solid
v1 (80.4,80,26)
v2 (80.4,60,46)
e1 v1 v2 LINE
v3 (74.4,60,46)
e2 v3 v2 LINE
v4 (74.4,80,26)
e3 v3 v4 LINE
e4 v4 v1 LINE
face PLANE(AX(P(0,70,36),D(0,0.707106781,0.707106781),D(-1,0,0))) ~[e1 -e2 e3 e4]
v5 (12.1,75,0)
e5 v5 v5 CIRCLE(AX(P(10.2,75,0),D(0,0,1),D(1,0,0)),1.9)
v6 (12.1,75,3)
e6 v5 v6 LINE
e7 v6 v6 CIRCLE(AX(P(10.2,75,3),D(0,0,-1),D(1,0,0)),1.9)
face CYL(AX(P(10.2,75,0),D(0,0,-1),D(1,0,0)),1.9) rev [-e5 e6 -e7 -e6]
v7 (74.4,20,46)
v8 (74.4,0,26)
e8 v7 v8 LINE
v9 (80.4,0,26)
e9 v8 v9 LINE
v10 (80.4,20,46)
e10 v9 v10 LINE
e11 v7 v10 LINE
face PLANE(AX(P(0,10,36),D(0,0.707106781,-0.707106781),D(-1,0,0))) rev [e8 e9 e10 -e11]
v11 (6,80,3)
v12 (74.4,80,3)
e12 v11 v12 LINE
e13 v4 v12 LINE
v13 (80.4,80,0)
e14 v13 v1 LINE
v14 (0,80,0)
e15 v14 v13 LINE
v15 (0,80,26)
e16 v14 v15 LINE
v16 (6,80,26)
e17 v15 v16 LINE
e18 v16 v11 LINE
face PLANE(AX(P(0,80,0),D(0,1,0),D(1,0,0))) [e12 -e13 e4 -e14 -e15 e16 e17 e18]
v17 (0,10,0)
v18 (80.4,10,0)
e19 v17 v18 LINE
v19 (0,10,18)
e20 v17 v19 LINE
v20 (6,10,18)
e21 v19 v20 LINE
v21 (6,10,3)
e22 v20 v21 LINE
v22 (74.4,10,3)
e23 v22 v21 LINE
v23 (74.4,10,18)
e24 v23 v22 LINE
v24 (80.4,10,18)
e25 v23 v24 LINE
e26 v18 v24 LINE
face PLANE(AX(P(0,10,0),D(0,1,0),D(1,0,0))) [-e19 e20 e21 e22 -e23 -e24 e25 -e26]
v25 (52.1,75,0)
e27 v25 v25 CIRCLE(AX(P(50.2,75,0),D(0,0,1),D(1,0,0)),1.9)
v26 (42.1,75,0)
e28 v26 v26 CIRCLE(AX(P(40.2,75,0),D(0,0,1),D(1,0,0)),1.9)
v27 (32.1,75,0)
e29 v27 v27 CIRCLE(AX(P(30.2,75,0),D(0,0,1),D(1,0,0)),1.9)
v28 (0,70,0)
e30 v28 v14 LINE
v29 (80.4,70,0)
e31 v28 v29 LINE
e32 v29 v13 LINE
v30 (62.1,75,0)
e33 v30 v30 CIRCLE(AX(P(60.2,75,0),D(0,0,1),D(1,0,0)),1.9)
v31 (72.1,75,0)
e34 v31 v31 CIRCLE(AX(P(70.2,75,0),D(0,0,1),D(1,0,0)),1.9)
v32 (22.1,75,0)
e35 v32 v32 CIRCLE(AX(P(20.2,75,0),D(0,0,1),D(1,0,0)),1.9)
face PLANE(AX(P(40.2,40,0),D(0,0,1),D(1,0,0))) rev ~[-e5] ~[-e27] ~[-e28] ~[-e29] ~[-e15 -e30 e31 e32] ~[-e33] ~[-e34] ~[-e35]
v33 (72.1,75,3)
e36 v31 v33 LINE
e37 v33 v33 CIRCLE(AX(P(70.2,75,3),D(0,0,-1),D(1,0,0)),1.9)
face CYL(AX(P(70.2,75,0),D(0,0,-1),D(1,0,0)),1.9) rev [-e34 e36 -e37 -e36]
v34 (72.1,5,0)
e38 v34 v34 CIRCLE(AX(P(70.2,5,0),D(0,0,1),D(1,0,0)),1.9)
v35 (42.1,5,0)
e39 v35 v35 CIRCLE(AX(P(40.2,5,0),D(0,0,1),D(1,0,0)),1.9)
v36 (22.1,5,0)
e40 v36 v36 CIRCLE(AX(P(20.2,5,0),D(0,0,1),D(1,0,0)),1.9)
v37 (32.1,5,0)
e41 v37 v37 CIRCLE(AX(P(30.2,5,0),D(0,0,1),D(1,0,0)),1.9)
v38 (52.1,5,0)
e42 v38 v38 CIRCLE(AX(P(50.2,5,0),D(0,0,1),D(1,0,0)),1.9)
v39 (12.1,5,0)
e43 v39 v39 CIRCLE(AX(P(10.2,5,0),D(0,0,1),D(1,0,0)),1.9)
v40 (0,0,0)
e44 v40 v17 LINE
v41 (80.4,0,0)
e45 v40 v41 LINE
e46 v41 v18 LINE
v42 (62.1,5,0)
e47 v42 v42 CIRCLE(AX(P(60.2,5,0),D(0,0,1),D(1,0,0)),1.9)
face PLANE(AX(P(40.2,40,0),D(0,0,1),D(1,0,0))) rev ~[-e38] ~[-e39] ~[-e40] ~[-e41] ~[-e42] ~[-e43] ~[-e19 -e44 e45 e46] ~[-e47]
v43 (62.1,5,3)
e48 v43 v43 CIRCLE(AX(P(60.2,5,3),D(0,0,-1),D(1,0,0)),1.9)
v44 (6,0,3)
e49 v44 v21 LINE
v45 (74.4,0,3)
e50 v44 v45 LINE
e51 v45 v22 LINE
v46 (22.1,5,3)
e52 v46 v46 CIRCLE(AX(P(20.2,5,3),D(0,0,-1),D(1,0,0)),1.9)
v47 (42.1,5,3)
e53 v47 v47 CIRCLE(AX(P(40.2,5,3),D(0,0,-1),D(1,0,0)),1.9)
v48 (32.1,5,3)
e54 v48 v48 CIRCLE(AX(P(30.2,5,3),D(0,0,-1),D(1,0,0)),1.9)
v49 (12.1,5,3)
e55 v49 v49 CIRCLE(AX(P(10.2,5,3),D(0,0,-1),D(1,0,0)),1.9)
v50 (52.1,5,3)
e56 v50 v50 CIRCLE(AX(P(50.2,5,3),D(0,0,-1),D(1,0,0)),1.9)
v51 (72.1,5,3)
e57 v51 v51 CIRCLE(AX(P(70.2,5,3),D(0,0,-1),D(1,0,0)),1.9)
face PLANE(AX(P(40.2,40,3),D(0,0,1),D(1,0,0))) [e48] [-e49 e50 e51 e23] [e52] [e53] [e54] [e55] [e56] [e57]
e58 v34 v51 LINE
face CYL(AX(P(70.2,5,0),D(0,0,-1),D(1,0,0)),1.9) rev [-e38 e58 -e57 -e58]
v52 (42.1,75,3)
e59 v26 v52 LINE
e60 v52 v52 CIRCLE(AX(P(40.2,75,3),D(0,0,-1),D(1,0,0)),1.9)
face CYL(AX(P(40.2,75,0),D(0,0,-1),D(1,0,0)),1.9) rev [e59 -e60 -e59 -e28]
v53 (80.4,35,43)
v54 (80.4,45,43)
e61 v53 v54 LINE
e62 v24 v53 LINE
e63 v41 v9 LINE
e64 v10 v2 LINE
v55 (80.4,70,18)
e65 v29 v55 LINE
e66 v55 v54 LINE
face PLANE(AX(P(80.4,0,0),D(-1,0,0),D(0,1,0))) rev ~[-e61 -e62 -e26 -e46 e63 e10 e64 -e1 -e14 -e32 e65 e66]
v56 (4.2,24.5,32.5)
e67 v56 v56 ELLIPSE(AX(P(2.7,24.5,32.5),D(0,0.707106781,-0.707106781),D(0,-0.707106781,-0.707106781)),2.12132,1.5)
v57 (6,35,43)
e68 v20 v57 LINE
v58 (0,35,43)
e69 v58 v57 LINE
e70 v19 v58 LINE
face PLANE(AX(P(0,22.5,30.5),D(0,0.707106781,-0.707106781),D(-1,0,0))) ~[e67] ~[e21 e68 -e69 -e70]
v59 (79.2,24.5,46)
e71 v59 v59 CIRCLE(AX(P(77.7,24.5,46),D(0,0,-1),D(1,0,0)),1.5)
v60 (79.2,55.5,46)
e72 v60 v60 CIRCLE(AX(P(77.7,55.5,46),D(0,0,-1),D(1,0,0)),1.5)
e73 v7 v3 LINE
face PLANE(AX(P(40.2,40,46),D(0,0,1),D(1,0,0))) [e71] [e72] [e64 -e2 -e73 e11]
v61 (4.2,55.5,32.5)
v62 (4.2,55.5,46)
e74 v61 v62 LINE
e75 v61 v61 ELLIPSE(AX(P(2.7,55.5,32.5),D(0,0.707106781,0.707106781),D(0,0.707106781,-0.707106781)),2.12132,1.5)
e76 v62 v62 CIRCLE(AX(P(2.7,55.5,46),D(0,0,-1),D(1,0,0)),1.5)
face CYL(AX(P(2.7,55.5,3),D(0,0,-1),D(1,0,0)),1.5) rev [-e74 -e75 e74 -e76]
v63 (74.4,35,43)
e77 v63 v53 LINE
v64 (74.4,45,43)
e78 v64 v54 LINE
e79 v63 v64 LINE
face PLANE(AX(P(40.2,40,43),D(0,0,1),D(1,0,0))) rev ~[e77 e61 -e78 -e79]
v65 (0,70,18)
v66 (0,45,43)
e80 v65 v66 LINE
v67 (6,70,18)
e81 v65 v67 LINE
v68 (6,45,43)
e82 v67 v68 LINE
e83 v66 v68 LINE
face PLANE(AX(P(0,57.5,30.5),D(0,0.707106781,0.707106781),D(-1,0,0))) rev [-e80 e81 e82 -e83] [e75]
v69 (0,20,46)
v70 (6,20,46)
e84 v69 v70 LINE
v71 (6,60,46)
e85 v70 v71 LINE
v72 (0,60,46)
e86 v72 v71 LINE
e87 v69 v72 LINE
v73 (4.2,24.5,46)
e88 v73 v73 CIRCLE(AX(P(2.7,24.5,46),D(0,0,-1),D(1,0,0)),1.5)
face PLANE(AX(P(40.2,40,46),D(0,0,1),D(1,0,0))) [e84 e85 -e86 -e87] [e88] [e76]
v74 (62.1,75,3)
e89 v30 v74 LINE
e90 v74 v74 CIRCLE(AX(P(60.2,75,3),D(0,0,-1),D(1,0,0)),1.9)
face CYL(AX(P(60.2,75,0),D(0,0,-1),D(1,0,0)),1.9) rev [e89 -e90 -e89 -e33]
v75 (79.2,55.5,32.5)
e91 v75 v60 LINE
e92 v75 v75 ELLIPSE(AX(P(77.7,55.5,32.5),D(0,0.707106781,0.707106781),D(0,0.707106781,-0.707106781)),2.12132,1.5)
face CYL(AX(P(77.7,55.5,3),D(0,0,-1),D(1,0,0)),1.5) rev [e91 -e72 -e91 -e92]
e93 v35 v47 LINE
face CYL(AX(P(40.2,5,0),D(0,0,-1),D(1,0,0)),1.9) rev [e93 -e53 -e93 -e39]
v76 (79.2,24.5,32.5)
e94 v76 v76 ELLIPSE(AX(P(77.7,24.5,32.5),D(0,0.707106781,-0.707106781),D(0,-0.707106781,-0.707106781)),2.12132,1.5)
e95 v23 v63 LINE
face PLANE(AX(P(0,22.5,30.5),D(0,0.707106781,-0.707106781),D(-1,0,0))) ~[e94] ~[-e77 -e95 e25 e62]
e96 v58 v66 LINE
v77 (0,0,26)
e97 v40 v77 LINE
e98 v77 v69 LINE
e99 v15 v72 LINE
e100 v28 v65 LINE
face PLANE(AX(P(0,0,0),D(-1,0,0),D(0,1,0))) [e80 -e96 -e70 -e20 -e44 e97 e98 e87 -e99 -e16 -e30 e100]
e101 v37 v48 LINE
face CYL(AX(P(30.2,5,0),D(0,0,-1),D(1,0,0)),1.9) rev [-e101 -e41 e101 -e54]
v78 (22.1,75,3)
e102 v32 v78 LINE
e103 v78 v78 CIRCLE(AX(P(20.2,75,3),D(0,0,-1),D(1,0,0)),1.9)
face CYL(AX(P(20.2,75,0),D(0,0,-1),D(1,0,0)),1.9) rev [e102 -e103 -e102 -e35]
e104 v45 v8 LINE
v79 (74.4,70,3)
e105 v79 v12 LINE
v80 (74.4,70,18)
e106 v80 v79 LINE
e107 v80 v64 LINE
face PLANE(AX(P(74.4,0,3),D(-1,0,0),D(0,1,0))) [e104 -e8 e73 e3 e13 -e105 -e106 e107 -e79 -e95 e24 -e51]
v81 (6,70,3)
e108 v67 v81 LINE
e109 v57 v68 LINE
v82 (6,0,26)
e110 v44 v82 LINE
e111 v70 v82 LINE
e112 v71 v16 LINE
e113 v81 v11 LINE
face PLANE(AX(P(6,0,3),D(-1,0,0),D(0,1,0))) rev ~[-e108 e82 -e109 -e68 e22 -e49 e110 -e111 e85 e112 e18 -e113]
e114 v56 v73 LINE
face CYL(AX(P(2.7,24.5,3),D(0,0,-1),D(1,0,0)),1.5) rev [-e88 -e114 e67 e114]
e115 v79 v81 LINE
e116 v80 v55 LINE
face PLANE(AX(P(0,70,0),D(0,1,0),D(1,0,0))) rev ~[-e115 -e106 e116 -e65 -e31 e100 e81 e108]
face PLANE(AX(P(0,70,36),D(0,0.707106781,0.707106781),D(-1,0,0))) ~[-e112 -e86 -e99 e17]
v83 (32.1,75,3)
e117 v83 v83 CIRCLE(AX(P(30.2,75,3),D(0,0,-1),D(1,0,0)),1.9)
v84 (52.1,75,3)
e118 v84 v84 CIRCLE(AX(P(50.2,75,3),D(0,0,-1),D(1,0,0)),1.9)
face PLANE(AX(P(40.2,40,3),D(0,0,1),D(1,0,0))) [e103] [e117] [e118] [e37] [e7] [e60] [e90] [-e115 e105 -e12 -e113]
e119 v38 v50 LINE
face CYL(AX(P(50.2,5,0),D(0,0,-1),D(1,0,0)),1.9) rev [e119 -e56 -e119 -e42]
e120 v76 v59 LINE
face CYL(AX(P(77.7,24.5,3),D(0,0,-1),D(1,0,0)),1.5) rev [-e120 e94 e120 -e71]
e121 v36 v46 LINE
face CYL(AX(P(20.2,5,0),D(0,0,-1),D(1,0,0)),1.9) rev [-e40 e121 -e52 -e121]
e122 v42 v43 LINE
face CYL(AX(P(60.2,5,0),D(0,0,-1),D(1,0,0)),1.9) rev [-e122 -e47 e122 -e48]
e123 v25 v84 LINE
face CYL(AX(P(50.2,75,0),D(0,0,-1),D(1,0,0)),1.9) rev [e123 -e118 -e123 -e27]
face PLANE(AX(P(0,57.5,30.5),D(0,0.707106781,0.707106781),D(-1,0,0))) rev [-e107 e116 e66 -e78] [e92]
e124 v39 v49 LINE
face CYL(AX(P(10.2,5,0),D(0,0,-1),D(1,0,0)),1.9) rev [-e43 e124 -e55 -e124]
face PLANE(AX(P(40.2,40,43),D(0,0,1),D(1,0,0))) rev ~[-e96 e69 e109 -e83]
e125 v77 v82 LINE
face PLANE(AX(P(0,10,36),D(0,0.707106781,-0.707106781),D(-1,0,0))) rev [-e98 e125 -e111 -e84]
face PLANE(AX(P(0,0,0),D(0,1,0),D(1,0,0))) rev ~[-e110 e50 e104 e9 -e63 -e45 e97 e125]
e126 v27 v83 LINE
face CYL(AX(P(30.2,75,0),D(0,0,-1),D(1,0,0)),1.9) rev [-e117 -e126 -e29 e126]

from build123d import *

# Parameters (mm, degrees)
BOX012_W          = 68.4
BOX012_H          = 80
BOX012_DEPTH      = 43
CYLINDER003_R     = 1.5
CYLINDER003_DEPTH = 50
ARRAY005_X_COUNT  = 2
ARRAY005_X_PITCH  = 75
ARRAY005_Y_COUNT  = 2
ARRAY005_Y_PITCH  = 31
CYLINDER004_R     = 1.9
CYLINDER004_DEPTH = 10
ARRAY_X_COUNT     = 7
ARRAY_X_PITCH     = 10
ARRAY_Y_COUNT     = 8
ARRAY_Y_PITCH     = 10
BOX010_W          = 80.4
BOX010_H          = 60
BOX010_DEPTH      = 43
CHAMFER001_SIZE   = 25
BOX011_W          = 68.4
BOX011_H          = 80
BOX011_DEPTH      = 40
BOX009_W          = 80.4
BOX009_H          = 80
BOX009_DEPTH      = 46
CHAMFER002_SIZE   = 20


with BuildPart() as v_cube_extract001:
    # Box012 → Box012 (new body)
    with BuildSketch(Plane(origin=(6, 0, 3), x_dir=(1, 0, 0), z_dir=(0, 0, 1))):
        with Locations((34.2, 40)):
            Rectangle(BOX012_W, BOX012_H)
    extrude(amount=BOX012_DEPTH)


with BuildPart() as screw_hole_array:
    # Cylinder003 → Cylinder003 (new body)
    with BuildSketch(Plane.XY.offset(-40)):
        Circle(CYLINDER003_R)
    extrude(amount=CYLINDER003_DEPTH)

    # Array005 X: screw hole array ×2


with BuildPart() as screw_hole_array_1:
    add(screw_hole_array.part)
    with Locations(*[(i * ARRAY005_X_PITCH, 0, 0) for i in range(1, ARRAY005_X_COUNT)]):
        add(screw_hole_array.part)

    # Array005 Y: screw hole array ×2


with BuildPart() as screw_hole_array_2:
    add(screw_hole_array_1.part)
    with Locations(*[(0, i * ARRAY005_Y_PITCH, 0) for i in range(1, ARRAY005_Y_COUNT)]):
        add(screw_hole_array_1.part)


with BuildPart() as screw_hole_array_3:
    # Array005 placement: moved
    add(screw_hole_array_2.part.moved(Location((2.7, 24.5, 43))))


with BuildPart() as attachment_hole_array:
    # Cylinder004 → Cylinder004 (new body)
    with BuildSketch(Plane.XY):
        Circle(CYLINDER004_R)
    extrude(amount=CYLINDER004_DEPTH)

    # Array X: attachment hole array ×7


with BuildPart() as attachment_hole_array_1:
    add(attachment_hole_array.part)
    with Locations(*[(i * ARRAY_X_PITCH, 0, 0) for i in range(1, ARRAY_X_COUNT)]):
        add(attachment_hole_array.part)

    # Array Y: attachment hole array ×8


with BuildPart() as attachment_hole_array_2:
    add(attachment_hole_array_1.part)
    with Locations(*[(0, i * ARRAY_Y_PITCH, 0) for i in range(1, ARRAY_Y_COUNT)]):
        add(attachment_hole_array_1.part)


with BuildPart() as attachment_hole_array_3:
    # Array placement: moved
    add(attachment_hole_array_2.part.moved(Location((10.2, 5, 0))))


with BuildPart() as v_cube_extract_chamfer:
    # Box010 → Box010 (new body)
    with BuildSketch(Plane(origin=(0, 10, 0), x_dir=(1, 0, 0), z_dir=(0, 0, 1))):
        with Locations((40.2, 30)):
            Rectangle(BOX010_W, BOX010_H)
    extrude(amount=BOX010_DEPTH)

    # Chamfer001
    chamfer001_edges = [v_cube_extract_chamfer.edges().sort_by_distance(p)[0] for p in [
        (40.2, 10, 43),
        (40.2, 70, 43),
    ]]
    chamfer(chamfer001_edges, length=CHAMFER001_SIZE)


with BuildPart() as v_extract_union:
    # Box011 → Box011 (new body)
    with BuildSketch(Plane(origin=(6, 0, 3), x_dir=(1, 0, 0), z_dir=(0, 0, 1))):
        with Locations((34.2, 40)):
            Rectangle(BOX011_W, BOX011_H)
    extrude(amount=BOX011_DEPTH)

    # Fusion005: union v cube extract001, screw hole array, attachment hole array, v cube extract chamfer
    add(v_cube_extract001.part)
    add(screw_hole_array_3.part)
    add(attachment_hole_array_3.part)
    add(v_cube_extract_chamfer.part)


with BuildPart() as v_cut:
    # Box009 → Box009 (new body)
    with BuildSketch(Plane.XY):
        with Locations((40.2, 40)):
            Rectangle(BOX009_W, BOX009_H)
    extrude(amount=BOX009_DEPTH)

    # Chamfer002
    chamfer002_edges = [v_cut.edges().sort_by_distance(p)[0] for p in [
        (40.2, 0, 46),
        (40.2, 80, 46),
    ]]
    chamfer(chamfer002_edges, length=CHAMFER002_SIZE)

    # Cut003002: cut v extract union
    add(v_extract_union.part, mode=Mode.SUBTRACT)


solid = v_cut.part
